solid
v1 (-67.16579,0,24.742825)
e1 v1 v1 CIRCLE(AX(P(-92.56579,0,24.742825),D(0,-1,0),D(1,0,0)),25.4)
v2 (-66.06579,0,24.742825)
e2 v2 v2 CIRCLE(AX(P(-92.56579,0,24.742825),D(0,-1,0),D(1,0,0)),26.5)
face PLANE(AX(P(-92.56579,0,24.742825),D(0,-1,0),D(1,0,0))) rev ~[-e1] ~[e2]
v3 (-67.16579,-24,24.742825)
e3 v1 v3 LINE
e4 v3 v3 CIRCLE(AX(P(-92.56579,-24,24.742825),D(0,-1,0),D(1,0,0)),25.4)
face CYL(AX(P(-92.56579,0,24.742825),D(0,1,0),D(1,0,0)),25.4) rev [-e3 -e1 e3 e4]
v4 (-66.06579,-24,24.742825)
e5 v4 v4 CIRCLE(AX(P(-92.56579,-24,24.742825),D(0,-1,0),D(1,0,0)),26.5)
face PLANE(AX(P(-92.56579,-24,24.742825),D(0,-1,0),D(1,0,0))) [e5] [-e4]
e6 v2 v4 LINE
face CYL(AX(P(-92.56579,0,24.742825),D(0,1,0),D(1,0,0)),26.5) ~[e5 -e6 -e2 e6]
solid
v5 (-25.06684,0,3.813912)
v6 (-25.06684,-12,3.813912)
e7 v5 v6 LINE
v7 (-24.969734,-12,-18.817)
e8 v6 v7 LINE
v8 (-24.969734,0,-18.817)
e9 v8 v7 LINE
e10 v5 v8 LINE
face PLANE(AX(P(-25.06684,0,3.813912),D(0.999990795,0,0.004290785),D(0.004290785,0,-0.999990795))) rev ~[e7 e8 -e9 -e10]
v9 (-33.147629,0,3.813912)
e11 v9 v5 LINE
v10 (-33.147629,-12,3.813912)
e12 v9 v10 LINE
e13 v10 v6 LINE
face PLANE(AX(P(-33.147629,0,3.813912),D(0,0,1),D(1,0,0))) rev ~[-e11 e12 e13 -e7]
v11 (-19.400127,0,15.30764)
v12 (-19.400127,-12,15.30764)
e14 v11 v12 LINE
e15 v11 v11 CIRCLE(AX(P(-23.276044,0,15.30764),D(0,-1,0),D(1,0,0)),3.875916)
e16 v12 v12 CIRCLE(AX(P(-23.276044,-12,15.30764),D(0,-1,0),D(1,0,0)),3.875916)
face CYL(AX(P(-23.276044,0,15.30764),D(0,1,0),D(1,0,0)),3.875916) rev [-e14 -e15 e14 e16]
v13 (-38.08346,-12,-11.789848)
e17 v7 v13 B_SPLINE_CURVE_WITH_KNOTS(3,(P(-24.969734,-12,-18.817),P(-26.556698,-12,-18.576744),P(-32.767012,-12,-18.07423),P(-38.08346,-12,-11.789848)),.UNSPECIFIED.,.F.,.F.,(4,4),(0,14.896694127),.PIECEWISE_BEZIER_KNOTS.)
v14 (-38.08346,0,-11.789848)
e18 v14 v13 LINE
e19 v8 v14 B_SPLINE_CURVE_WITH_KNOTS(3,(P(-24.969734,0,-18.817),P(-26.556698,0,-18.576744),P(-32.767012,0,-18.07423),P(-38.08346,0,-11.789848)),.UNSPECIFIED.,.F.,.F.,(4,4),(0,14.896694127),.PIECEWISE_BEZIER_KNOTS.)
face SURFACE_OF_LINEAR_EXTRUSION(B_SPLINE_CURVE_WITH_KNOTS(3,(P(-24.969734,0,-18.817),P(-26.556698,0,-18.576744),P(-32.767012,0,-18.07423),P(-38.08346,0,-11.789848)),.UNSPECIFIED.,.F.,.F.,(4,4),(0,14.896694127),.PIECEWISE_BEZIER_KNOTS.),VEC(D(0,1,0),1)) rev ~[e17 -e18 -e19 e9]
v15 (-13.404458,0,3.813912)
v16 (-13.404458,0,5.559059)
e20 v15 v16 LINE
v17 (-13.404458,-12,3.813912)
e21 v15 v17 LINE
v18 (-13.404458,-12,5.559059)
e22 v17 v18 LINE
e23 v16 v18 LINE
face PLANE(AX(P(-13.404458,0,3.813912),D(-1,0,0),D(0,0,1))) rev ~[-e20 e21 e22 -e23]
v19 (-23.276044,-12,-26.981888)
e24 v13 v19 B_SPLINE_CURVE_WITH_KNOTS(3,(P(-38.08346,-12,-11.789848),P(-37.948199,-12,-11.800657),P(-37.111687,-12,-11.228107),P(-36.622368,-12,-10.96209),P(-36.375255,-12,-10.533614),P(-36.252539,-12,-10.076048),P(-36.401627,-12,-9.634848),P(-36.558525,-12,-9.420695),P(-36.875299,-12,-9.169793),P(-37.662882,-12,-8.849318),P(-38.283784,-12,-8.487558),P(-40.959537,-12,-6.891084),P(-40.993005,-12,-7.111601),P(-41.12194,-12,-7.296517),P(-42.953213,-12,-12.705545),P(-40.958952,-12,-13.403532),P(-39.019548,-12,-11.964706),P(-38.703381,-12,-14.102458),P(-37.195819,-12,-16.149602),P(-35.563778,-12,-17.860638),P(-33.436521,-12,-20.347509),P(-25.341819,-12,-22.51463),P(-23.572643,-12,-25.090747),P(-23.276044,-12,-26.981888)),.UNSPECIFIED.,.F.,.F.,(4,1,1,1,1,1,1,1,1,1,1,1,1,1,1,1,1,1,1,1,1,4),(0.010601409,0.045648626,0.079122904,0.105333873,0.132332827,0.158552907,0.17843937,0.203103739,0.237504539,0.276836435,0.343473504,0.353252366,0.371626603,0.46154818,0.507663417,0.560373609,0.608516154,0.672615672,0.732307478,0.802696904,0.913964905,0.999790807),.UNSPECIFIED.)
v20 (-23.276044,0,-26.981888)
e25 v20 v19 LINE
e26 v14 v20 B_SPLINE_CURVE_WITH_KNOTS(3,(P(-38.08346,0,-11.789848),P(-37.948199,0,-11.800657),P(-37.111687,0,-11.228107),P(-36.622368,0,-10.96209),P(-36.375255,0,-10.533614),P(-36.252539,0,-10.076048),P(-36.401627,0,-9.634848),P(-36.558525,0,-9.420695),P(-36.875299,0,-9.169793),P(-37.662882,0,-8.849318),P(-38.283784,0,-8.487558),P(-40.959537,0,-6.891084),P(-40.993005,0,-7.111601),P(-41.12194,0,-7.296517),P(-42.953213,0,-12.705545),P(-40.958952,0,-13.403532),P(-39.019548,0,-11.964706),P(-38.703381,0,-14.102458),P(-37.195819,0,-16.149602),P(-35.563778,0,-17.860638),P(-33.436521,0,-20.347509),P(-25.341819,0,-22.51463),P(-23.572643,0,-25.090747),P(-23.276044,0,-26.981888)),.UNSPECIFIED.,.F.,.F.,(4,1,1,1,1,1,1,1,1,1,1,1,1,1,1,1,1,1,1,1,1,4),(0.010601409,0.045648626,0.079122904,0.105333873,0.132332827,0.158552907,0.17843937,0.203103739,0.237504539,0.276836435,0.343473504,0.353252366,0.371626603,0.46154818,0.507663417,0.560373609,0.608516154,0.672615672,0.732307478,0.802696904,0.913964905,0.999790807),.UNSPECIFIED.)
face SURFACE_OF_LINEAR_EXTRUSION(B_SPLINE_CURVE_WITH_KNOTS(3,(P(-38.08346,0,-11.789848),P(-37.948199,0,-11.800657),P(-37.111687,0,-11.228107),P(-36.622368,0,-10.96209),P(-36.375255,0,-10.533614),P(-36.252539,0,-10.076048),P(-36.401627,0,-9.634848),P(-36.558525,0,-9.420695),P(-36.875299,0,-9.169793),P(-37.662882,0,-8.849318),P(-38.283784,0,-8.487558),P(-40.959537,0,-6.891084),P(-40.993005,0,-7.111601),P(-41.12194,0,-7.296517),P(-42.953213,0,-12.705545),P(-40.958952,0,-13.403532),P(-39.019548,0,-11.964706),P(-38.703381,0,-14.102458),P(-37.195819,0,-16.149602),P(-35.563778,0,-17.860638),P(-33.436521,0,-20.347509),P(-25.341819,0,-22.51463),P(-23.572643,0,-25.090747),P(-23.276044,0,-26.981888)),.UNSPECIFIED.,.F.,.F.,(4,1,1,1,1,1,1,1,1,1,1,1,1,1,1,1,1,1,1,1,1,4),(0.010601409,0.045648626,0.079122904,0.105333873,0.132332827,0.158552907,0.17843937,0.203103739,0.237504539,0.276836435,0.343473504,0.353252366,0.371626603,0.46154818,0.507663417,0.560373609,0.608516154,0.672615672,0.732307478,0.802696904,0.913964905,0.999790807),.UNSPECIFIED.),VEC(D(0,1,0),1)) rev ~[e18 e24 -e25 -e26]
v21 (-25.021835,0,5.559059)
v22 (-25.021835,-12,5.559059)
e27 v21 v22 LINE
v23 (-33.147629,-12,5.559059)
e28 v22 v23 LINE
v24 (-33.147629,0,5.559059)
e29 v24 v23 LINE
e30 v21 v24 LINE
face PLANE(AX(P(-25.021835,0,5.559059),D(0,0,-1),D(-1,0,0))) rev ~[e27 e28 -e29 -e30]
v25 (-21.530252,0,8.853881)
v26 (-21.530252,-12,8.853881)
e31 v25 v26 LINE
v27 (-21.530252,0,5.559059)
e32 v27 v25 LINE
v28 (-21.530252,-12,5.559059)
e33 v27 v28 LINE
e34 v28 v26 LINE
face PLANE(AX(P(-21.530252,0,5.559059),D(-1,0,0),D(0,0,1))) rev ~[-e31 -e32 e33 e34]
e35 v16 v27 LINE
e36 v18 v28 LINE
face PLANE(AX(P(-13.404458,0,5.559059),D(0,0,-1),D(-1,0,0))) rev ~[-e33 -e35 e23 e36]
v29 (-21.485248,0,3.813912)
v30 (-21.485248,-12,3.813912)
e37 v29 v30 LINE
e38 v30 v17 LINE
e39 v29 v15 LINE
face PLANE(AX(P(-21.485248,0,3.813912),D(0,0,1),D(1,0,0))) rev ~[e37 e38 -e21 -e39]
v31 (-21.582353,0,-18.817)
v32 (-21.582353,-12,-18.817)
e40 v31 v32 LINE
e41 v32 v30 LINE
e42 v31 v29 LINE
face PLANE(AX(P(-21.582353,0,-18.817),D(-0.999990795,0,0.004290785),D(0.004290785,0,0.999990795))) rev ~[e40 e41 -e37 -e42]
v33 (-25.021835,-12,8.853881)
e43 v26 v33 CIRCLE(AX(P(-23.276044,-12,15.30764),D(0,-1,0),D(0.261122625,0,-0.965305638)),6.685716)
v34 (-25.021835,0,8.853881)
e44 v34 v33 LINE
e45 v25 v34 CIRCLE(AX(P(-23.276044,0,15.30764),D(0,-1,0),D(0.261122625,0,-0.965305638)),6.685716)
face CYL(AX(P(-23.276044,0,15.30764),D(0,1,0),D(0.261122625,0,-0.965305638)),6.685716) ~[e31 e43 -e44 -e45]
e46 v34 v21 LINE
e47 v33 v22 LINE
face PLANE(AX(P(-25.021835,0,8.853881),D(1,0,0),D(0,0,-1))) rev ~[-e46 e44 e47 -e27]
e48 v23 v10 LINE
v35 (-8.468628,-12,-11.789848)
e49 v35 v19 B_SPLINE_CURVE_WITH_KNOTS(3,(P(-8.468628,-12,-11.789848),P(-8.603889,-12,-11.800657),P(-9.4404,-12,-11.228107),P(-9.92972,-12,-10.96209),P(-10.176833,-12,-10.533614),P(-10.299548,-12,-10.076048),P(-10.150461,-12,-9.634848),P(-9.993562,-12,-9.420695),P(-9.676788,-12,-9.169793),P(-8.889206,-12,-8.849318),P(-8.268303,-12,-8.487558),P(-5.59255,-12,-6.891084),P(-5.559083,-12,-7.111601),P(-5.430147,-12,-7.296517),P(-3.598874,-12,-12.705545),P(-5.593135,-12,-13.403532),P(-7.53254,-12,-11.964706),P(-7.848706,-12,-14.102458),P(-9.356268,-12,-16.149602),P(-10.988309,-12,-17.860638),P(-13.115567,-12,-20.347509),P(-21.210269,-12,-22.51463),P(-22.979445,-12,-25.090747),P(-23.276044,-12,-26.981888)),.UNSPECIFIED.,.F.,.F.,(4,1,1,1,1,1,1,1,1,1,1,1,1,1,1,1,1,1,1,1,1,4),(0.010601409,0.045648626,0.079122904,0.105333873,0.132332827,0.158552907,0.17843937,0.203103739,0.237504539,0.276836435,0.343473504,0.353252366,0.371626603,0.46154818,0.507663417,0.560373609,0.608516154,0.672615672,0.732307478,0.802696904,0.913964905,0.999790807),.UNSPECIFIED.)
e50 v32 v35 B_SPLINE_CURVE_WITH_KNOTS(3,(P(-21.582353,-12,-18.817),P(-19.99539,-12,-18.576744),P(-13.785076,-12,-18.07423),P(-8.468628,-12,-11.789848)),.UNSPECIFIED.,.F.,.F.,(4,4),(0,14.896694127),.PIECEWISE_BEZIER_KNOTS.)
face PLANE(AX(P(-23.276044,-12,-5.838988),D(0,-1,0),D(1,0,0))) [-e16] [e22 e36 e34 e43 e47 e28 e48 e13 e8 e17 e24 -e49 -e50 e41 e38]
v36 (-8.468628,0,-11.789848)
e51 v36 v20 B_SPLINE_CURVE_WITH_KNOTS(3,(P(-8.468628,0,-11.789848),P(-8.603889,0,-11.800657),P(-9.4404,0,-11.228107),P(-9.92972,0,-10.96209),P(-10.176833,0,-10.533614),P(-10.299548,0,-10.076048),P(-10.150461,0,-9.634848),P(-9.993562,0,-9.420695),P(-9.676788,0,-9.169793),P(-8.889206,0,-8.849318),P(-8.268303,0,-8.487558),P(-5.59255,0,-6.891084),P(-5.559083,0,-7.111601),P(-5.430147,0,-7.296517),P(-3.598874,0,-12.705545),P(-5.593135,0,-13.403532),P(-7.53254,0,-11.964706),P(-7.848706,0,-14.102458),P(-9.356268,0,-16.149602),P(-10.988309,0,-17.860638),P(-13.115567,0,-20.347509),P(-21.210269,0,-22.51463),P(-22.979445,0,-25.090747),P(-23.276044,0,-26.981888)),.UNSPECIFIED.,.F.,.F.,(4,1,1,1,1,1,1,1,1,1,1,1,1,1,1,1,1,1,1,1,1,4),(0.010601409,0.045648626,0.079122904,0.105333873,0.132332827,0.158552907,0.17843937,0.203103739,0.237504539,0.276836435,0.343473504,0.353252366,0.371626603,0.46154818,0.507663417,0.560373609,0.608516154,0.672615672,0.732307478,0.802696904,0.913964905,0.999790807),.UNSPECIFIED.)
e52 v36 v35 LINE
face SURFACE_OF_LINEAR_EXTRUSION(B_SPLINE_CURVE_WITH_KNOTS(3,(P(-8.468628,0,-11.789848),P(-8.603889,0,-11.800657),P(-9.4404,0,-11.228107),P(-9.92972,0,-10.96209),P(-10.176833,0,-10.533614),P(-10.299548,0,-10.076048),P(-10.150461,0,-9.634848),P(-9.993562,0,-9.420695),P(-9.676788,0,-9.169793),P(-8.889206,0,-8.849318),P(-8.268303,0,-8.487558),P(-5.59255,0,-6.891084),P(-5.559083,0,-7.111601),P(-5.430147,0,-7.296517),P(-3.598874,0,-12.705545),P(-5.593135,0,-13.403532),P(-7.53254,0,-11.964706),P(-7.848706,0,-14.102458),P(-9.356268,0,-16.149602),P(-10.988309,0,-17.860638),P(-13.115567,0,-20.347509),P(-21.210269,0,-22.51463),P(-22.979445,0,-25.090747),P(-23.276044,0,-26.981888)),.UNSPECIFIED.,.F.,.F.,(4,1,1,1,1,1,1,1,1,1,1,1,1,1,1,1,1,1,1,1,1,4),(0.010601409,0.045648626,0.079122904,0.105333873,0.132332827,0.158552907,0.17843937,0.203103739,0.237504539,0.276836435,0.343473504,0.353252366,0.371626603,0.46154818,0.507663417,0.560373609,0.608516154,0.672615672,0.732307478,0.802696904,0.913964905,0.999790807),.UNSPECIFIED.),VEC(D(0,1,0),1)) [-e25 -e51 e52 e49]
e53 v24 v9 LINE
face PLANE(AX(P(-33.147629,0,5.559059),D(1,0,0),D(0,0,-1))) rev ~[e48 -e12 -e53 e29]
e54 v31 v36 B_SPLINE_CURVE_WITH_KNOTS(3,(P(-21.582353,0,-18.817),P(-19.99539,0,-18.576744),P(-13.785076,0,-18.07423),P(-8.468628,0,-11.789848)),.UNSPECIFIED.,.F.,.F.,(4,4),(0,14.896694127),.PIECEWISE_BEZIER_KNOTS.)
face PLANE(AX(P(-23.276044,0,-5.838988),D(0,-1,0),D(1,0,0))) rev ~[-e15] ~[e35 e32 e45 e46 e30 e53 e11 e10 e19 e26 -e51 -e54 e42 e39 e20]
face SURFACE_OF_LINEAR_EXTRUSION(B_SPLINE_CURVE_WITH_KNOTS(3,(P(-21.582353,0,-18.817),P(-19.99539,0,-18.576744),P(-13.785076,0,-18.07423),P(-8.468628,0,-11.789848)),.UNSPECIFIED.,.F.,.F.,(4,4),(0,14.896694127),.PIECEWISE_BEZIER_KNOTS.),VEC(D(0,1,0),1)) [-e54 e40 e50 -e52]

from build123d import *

# Parameters (mm, degrees)
F0_R     = 3.8759162665
F1_DEPTH = 12
F2_R     = 26.5
F2_R_2   = 25.4
F3_DEPTH = 24


with BuildPart() as f1:
    # F0 (on Front) → F1 (new body)
    with BuildSketch(Plane.XZ):
        with BuildLine():
            Line((-21.5302521337, 5.5590593242), (-21.5302521337, 8.8538810128))
            ThreePointArc((-21.5302521337, 8.8538810128), (-23.2760437438, 21.9933555982), (-25.021835354, 8.8538810128))
            Line((-25.021835354, 8.8538810128), (-25.021835354, 5.5590593242))
            Line((-25.021835354, 5.5590593242), (-33.1476293504, 5.5590593242))
            Line((-33.1476293504, 5.5590593242), (-33.1476293504, 3.8139123935))
            Line((-33.1476293504, 3.8139123935), (-25.0668395311, 3.8139123935))
            Line((-25.0668395311, 3.8139123935), (-24.9697342515, -18.8170000911))
            add(Edge.make_bspline(
                [(-24.9697342515, -18.8170000911), (-26.5566975072, -18.5767439274), (-32.7670116659, -18.0742303532), (-38.0834599741, -11.7898479917)],
                knots=[0, 0, 0, 0, 14.8966941273, 14.8966941273, 14.8966941273, 14.8966941273], degree=3))
            add(Edge.make_bspline(
                [(-38.0834599741, -11.7898479917), (-37.9481989681, -11.8006571144), (-37.1116874222, -11.2281065545), (-36.6223678426, -10.9620898994), (-36.3752548317, -10.53361428), (-36.2525393891, -10.0760480178), (-36.4016267071, -9.6348476712), (-36.5585250899, -9.4206949048), (-36.8752992311, -9.1697932075), (-37.6628817105, -8.8493181249), (-38.2837843823, -8.4875575513), (-40.9595374192, -6.8910835151), (-40.993004878, -7.1116009032), (-41.121940297, -7.2965171892), (-42.953213265, -12.7055453379), (-40.9589524108, -13.4035315376), (-39.0195477994, -11.9647064004), (-38.7033814744, -14.1024575625), (-37.195819238, -16.1496015925), (-35.563778299, -17.8606384548), (-33.4365207149, -20.3475091015), (-25.3418186006, -22.5146295584), (-23.5726427098, -25.0907470746), (-23.2760437438, -26.9818875042)],
                knots=[0.0106014088, 0.0106014088, 0.0106014088, 0.0106014088, 0.0456486259, 0.0791229044, 0.1053338733, 0.1323328268, 0.1585529071, 0.1784393705, 0.2031037389, 0.2375045392, 0.276836435, 0.3434735041, 0.353252366, 0.3716266033, 0.4615481804, 0.5076634165, 0.5603736088, 0.6085161545, 0.672615672, 0.7323074779, 0.802696904, 0.9139649055, 0.9997908074, 0.9997908074, 0.9997908074, 0.9997908074], degree=3))
            add(Edge.make_bspline(
                [(-8.4686275135, -11.7898479917), (-8.6038885196, -11.8006571144), (-9.4404000654, -11.2281065545), (-9.929719645, -10.9620898994), (-10.1768326559, -10.53361428), (-10.2995480985, -10.0760480178), (-10.1504607805, -9.6348476712), (-9.9935623977, -9.4206949048), (-9.6767882565, -9.1697932075), (-8.8892057772, -8.8493181249), (-8.2683031053, -8.4875575513), (-5.5925500685, -6.8910835151), (-5.5590826096, -7.1116009032), (-5.4301471906, -7.2965171892), (-3.5988742226, -12.7055453379), (-5.5931350768, -13.4035315376), (-7.5325396883, -11.9647064004), (-7.8487060133, -14.1024575625), (-9.3562682496, -16.1496015925), (-10.9883091886, -17.8606384548), (-13.1155667727, -20.3475091015), (-21.210268887, -22.5146295584), (-22.9794447779, -25.0907470746), (-23.2760437438, -26.9818875042)],
                knots=[0.0106014088, 0.0106014088, 0.0106014088, 0.0106014088, 0.0456486259, 0.0791229044, 0.1053338733, 0.1323328268, 0.1585529071, 0.1784393705, 0.2031037389, 0.2375045392, 0.276836435, 0.3434735041, 0.353252366, 0.3716266033, 0.4615481804, 0.5076634165, 0.5603736088, 0.6085161545, 0.672615672, 0.7323074779, 0.802696904, 0.9139649055, 0.9997908074, 0.9997908074, 0.9997908074, 0.9997908074], degree=3))
            add(Edge.make_bspline(
                [(-21.5823532361, -18.8170000911), (-19.9953899804, -18.5767439274), (-13.7850758217, -18.0742303532), (-8.4686275135, -11.7898479917)],
                knots=[0, 0, 0, 0, 14.8966941273, 14.8966941273, 14.8966941273, 14.8966941273], degree=3))
            Line((-21.5823532361, -18.8170000911), (-21.4852479566, 3.8139123935))
            Line((-21.4852479566, 3.8139123935), (-13.4044581372, 3.8139123935))
            Line((-13.4044581372, 3.8139123935), (-13.4044581372, 5.5590593242))
            Line((-13.4044581372, 5.5590593242), (-21.5302521337, 5.5590593242))
        make_face()
        with BuildLine():
            add(Edge.make_bspline(
                [(-38.0834599741, -11.7898479917), (-38.0958438207, -11.775209492), (-38.1082228172, -11.7605396207), (-38.1205968941, -11.7458383082)],
                knots=[14.8966941273, 14.8966941273, 14.8966941273, 14.8966941273, 14.9313936792, 14.9313936792, 14.9313936792, 14.9313936792], degree=3))
            add(Edge.make_bspline(
                [(-38.1205968941, -11.7458383082), (-38.1280353419, -11.7252340573), (-38.1304950908, -11.7731398527), (-38.1011657241, -11.7884330708), (-38.0834599741, -11.7898479917)],
                knots=[0, 0, 0, 0, 0.0060137062, 0.0106014088, 0.0106014088, 0.0106014088, 0.0106014088], degree=3))
        make_face(mode=Mode.SUBTRACT)
        with BuildLine():
            add(Edge.make_bspline(
                [(-8.4314905935, -11.7458383082), (-8.4240521457, -11.7252340573), (-8.4215923968, -11.7731398527), (-8.4509217635, -11.7884330708), (-8.4686275135, -11.7898479917)],
                knots=[0, 0, 0, 0, 0.0060137062, 0.0106014088, 0.0106014088, 0.0106014088, 0.0106014088], degree=3))
            add(Edge.make_bspline(
                [(-8.4686275135, -11.7898479917), (-8.456243667, -11.775209492), (-8.4438646704, -11.7605396207), (-8.4314905935, -11.7458383082)],
                knots=[14.8966941273, 14.8966941273, 14.8966941273, 14.8966941273, 14.9313936792, 14.9313936792, 14.9313936792, 14.9313936792], degree=3))
        make_face(mode=Mode.SUBTRACT)
        with Locations((-23.2760437438, 15.3076399867)):
            Circle(F0_R, mode=Mode.SUBTRACT)
        with BuildLine():
            add(Edge.make_bspline(
                [(-38.1205968941, -11.7458383082), (-38.1280353419, -11.7252340573), (-38.1304950908, -11.7731398527), (-38.1011657241, -11.7884330708), (-38.0834599741, -11.7898479917)],
                knots=[0, 0, 0, 0, 0.0060137062, 0.0106014088, 0.0106014088, 0.0106014088, 0.0106014088], degree=3))
            add(Edge.make_bspline(
                [(-38.0834599741, -11.7898479917), (-38.0958438207, -11.775209492), (-38.1082228172, -11.7605396207), (-38.1205968941, -11.7458383082)],
                knots=[14.8966941273, 14.8966941273, 14.8966941273, 14.8966941273, 14.9313936792, 14.9313936792, 14.9313936792, 14.9313936792], degree=3))
        make_face()
        with BuildLine():
            add(Edge.make_bspline(
                [(-8.4686275135, -11.7898479917), (-8.456243667, -11.775209492), (-8.4438646704, -11.7605396207), (-8.4314905935, -11.7458383082)],
                knots=[14.8966941273, 14.8966941273, 14.8966941273, 14.8966941273, 14.9313936792, 14.9313936792, 14.9313936792, 14.9313936792], degree=3))
            add(Edge.make_bspline(
                [(-8.4314905935, -11.7458383082), (-8.4240521457, -11.7252340573), (-8.4215923968, -11.7731398527), (-8.4509217635, -11.7884330708), (-8.4686275135, -11.7898479917)],
                knots=[0, 0, 0, 0, 0.0060137062, 0.0106014088, 0.0106014088, 0.0106014088, 0.0106014088], degree=3))
        make_face()
    extrude(amount=F1_DEPTH)


with BuildPart() as f3:
    # F2 (on Front) → F3 (new body)
    with BuildSketch(Plane.XZ):
        with Locations((-92.5657898188, 24.7428249568)):
            Circle(F2_R)
        with Locations((-92.5657898188, 24.7428249568)):
            Circle(F2_R_2, mode=Mode.SUBTRACT)
    extrude(amount=F3_DEPTH)


solid = Compound([f1.part, f3.part])
